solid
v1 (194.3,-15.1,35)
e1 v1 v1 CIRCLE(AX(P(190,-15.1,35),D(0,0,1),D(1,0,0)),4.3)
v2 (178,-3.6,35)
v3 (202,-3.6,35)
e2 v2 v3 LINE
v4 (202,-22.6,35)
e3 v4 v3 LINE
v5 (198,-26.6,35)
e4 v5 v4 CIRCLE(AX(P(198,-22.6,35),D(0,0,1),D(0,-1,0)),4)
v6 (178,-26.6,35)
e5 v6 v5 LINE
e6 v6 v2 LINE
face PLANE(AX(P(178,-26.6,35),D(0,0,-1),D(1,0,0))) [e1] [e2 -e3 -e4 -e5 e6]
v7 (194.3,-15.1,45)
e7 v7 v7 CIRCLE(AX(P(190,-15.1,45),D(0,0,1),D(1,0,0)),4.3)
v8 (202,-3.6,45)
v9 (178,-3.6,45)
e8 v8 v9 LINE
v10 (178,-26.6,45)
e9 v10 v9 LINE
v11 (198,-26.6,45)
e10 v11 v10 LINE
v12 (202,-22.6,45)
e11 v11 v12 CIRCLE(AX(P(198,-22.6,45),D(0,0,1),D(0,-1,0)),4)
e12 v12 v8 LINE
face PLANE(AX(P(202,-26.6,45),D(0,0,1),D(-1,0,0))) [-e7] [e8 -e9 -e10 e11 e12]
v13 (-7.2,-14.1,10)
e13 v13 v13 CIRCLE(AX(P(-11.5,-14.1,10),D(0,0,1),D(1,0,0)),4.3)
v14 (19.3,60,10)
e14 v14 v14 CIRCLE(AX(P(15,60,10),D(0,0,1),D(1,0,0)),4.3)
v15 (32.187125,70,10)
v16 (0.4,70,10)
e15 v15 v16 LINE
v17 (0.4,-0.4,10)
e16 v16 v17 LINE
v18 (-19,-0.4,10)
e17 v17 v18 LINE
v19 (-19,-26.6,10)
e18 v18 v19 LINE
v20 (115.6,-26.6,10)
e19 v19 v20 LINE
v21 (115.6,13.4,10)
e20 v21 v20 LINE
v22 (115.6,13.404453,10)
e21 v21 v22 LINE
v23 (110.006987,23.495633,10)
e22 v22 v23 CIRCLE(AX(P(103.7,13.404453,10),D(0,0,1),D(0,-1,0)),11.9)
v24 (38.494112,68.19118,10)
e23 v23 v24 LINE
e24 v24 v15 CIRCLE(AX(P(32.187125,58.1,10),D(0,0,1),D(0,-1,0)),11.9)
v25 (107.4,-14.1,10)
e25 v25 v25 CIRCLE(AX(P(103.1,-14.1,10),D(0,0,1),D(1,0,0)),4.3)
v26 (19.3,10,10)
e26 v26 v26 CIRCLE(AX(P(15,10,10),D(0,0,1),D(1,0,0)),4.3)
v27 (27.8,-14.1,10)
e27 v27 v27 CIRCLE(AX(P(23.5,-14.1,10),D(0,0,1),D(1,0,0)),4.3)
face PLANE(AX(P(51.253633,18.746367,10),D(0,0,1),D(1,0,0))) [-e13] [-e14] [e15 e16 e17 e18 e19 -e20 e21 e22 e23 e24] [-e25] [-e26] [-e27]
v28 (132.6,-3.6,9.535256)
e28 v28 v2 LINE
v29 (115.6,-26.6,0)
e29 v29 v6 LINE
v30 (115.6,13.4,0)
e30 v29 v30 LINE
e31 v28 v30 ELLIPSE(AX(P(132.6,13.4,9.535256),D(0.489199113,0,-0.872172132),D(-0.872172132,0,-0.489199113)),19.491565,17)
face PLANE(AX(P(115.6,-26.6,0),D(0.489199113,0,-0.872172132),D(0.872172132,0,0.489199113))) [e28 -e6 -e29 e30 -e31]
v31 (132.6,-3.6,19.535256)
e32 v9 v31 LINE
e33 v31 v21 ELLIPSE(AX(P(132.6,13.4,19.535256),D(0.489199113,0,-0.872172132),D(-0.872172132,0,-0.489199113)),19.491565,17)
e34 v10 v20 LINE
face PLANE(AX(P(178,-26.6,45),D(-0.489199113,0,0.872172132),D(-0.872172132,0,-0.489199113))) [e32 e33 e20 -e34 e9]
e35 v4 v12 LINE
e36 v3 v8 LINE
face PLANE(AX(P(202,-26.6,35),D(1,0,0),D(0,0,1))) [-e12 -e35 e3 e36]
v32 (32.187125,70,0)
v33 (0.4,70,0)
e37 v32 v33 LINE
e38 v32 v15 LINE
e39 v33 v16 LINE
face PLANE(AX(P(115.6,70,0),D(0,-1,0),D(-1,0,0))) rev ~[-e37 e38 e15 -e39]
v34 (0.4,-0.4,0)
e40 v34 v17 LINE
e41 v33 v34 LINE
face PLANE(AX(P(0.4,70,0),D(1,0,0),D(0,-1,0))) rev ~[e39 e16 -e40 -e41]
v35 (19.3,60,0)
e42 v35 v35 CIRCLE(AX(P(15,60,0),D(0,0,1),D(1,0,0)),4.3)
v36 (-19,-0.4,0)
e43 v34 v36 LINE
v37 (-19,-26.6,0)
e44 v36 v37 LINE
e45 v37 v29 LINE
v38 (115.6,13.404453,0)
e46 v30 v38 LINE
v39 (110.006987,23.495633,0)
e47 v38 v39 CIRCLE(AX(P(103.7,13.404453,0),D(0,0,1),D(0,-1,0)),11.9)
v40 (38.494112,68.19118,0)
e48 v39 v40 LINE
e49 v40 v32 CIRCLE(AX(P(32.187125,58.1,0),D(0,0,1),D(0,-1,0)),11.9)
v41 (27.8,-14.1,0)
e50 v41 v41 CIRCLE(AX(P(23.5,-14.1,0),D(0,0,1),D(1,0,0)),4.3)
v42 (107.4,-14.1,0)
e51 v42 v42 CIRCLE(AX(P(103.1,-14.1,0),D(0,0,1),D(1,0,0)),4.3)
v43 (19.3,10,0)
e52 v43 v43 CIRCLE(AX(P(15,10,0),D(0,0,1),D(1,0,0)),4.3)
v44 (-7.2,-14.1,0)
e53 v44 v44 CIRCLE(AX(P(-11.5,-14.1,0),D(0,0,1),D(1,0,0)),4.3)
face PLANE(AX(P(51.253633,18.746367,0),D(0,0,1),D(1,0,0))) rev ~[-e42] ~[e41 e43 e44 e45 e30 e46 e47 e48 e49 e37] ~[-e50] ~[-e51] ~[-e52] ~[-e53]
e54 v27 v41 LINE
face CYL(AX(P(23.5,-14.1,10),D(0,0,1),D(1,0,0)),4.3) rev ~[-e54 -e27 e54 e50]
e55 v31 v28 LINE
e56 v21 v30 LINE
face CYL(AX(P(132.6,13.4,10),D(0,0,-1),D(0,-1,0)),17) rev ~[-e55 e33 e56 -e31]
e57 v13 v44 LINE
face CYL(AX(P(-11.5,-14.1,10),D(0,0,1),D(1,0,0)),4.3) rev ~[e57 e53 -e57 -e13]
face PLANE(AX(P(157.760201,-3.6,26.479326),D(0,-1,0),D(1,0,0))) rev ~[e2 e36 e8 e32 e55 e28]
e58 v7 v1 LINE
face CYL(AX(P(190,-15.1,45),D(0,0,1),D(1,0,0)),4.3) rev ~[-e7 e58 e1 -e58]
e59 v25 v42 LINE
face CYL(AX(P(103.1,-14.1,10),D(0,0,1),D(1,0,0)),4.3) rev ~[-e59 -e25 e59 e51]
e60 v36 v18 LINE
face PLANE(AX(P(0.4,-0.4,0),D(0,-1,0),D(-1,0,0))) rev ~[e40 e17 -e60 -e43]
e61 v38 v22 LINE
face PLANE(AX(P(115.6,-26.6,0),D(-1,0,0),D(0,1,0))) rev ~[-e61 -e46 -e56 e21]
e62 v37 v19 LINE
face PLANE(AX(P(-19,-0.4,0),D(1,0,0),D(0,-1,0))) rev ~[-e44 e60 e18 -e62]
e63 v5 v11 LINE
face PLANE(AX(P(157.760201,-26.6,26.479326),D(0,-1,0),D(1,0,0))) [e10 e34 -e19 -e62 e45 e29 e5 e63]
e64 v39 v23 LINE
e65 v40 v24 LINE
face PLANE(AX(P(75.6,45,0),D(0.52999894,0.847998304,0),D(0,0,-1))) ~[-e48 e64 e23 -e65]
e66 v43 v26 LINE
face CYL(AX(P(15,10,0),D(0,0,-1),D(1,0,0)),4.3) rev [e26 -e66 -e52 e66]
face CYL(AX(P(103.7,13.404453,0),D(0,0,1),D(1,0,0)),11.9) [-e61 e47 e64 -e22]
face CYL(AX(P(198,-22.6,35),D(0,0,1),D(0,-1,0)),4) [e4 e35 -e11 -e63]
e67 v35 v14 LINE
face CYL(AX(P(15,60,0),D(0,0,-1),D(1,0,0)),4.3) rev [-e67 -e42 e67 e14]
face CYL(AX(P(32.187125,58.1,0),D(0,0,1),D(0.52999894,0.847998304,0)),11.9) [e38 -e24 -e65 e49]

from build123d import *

# Parameters (mm, degrees)
SKETCH_R        = 4.3
PAD_DEPTH       = 10
PAD001_DEPTH    = 23
FILLET_R        = 17
SKETCH002_R     = 4.3
POCKET_DEPTH    = 45.001
FILLET001_R     = 4
SKETCH003_R     = 4.3
POCKET001_DEPTH = 10.001
CHAMFER_SIZE2   = 80
CHAMFER_SIZE    = 50
FILLET002_R     = 11.9


with BuildPart() as part:
    # Sketch → Pad (new body)
    with BuildSketch(Plane.XY):
        Polygon((0.4, 70), (0.4, -0.4), (-19, -0.4), (-19, -26.6), (115.6, -26.6), (115.6, 0), (115.6, 70), align=None)
        with Locations((15, 60)):
            Circle(SKETCH_R, mode=Mode.SUBTRACT)
        with Locations((15, 10)):
            Circle(SKETCH_R, mode=Mode.SUBTRACT)
    extrude(amount=PAD_DEPTH)

    # Sketch001 (on Face4 of Pad) → Pad001 (join)
    with BuildSketch(Plane.XZ.offset(26.6)):
        Polygon((115.6, 0), (178, 35), (202, 35), (202, 45), (178, 45), (115.6, 10), align=None)
    extrude(amount=-PAD001_DEPTH)

    # Fillet
    fillet_edges = [part.edges().sort_by_distance(p)[0] for p in [
        (115.6, -3.6, 5),
    ]]
    fillet(fillet_edges, radius=FILLET_R)

    # Sketch002 (on Face16 of Fillet) → Pocket (cut, through all)
    with BuildSketch(Plane.XY.offset(45)):
        with Locations((190, -15.1)):
            Circle(SKETCH002_R)
    extrude(amount=-POCKET_DEPTH, mode=Mode.SUBTRACT)

    # Fillet001
    fillet001_edges = [part.edges().sort_by_distance(p)[0] for p in [
        (202, -26.6, 40),
    ]]
    fillet(fillet001_edges, radius=FILLET001_R)

    # Sketch003 (on Face9 of Fillet001) → Pocket001 (cut, through all)
    with BuildSketch(Plane.XY.offset(10)):
        with Locations((-11.5, -14.1)):
            Circle(SKETCH003_R)
        with Locations((23.5, -14.1)):
            Circle(SKETCH003_R)
        with Locations((103.1, -14.1)):
            Circle(SKETCH003_R)
    extrude(amount=-POCKET001_DEPTH, mode=Mode.SUBTRACT)

    # Chamfer
    chamfer_edges = [part.edges().sort_by_distance(p)[0] for p in [
        (115.6, 70, 5),
    ]]
    chamfer_side = part.faces().sort_by_distance((115.6, 41.7, 5))[0]
    chamfer(chamfer_edges, length=CHAMFER_SIZE, length2=CHAMFER_SIZE2, reference=chamfer_side)

    # Fillet002
    fillet002_edges = [part.edges().sort_by_distance(p)[0] for p in [
        (115.6, 20, 5),
        (35.6, 70, 5),
    ]]
    fillet(fillet002_edges, radius=FILLET002_R)


solid = part.part
